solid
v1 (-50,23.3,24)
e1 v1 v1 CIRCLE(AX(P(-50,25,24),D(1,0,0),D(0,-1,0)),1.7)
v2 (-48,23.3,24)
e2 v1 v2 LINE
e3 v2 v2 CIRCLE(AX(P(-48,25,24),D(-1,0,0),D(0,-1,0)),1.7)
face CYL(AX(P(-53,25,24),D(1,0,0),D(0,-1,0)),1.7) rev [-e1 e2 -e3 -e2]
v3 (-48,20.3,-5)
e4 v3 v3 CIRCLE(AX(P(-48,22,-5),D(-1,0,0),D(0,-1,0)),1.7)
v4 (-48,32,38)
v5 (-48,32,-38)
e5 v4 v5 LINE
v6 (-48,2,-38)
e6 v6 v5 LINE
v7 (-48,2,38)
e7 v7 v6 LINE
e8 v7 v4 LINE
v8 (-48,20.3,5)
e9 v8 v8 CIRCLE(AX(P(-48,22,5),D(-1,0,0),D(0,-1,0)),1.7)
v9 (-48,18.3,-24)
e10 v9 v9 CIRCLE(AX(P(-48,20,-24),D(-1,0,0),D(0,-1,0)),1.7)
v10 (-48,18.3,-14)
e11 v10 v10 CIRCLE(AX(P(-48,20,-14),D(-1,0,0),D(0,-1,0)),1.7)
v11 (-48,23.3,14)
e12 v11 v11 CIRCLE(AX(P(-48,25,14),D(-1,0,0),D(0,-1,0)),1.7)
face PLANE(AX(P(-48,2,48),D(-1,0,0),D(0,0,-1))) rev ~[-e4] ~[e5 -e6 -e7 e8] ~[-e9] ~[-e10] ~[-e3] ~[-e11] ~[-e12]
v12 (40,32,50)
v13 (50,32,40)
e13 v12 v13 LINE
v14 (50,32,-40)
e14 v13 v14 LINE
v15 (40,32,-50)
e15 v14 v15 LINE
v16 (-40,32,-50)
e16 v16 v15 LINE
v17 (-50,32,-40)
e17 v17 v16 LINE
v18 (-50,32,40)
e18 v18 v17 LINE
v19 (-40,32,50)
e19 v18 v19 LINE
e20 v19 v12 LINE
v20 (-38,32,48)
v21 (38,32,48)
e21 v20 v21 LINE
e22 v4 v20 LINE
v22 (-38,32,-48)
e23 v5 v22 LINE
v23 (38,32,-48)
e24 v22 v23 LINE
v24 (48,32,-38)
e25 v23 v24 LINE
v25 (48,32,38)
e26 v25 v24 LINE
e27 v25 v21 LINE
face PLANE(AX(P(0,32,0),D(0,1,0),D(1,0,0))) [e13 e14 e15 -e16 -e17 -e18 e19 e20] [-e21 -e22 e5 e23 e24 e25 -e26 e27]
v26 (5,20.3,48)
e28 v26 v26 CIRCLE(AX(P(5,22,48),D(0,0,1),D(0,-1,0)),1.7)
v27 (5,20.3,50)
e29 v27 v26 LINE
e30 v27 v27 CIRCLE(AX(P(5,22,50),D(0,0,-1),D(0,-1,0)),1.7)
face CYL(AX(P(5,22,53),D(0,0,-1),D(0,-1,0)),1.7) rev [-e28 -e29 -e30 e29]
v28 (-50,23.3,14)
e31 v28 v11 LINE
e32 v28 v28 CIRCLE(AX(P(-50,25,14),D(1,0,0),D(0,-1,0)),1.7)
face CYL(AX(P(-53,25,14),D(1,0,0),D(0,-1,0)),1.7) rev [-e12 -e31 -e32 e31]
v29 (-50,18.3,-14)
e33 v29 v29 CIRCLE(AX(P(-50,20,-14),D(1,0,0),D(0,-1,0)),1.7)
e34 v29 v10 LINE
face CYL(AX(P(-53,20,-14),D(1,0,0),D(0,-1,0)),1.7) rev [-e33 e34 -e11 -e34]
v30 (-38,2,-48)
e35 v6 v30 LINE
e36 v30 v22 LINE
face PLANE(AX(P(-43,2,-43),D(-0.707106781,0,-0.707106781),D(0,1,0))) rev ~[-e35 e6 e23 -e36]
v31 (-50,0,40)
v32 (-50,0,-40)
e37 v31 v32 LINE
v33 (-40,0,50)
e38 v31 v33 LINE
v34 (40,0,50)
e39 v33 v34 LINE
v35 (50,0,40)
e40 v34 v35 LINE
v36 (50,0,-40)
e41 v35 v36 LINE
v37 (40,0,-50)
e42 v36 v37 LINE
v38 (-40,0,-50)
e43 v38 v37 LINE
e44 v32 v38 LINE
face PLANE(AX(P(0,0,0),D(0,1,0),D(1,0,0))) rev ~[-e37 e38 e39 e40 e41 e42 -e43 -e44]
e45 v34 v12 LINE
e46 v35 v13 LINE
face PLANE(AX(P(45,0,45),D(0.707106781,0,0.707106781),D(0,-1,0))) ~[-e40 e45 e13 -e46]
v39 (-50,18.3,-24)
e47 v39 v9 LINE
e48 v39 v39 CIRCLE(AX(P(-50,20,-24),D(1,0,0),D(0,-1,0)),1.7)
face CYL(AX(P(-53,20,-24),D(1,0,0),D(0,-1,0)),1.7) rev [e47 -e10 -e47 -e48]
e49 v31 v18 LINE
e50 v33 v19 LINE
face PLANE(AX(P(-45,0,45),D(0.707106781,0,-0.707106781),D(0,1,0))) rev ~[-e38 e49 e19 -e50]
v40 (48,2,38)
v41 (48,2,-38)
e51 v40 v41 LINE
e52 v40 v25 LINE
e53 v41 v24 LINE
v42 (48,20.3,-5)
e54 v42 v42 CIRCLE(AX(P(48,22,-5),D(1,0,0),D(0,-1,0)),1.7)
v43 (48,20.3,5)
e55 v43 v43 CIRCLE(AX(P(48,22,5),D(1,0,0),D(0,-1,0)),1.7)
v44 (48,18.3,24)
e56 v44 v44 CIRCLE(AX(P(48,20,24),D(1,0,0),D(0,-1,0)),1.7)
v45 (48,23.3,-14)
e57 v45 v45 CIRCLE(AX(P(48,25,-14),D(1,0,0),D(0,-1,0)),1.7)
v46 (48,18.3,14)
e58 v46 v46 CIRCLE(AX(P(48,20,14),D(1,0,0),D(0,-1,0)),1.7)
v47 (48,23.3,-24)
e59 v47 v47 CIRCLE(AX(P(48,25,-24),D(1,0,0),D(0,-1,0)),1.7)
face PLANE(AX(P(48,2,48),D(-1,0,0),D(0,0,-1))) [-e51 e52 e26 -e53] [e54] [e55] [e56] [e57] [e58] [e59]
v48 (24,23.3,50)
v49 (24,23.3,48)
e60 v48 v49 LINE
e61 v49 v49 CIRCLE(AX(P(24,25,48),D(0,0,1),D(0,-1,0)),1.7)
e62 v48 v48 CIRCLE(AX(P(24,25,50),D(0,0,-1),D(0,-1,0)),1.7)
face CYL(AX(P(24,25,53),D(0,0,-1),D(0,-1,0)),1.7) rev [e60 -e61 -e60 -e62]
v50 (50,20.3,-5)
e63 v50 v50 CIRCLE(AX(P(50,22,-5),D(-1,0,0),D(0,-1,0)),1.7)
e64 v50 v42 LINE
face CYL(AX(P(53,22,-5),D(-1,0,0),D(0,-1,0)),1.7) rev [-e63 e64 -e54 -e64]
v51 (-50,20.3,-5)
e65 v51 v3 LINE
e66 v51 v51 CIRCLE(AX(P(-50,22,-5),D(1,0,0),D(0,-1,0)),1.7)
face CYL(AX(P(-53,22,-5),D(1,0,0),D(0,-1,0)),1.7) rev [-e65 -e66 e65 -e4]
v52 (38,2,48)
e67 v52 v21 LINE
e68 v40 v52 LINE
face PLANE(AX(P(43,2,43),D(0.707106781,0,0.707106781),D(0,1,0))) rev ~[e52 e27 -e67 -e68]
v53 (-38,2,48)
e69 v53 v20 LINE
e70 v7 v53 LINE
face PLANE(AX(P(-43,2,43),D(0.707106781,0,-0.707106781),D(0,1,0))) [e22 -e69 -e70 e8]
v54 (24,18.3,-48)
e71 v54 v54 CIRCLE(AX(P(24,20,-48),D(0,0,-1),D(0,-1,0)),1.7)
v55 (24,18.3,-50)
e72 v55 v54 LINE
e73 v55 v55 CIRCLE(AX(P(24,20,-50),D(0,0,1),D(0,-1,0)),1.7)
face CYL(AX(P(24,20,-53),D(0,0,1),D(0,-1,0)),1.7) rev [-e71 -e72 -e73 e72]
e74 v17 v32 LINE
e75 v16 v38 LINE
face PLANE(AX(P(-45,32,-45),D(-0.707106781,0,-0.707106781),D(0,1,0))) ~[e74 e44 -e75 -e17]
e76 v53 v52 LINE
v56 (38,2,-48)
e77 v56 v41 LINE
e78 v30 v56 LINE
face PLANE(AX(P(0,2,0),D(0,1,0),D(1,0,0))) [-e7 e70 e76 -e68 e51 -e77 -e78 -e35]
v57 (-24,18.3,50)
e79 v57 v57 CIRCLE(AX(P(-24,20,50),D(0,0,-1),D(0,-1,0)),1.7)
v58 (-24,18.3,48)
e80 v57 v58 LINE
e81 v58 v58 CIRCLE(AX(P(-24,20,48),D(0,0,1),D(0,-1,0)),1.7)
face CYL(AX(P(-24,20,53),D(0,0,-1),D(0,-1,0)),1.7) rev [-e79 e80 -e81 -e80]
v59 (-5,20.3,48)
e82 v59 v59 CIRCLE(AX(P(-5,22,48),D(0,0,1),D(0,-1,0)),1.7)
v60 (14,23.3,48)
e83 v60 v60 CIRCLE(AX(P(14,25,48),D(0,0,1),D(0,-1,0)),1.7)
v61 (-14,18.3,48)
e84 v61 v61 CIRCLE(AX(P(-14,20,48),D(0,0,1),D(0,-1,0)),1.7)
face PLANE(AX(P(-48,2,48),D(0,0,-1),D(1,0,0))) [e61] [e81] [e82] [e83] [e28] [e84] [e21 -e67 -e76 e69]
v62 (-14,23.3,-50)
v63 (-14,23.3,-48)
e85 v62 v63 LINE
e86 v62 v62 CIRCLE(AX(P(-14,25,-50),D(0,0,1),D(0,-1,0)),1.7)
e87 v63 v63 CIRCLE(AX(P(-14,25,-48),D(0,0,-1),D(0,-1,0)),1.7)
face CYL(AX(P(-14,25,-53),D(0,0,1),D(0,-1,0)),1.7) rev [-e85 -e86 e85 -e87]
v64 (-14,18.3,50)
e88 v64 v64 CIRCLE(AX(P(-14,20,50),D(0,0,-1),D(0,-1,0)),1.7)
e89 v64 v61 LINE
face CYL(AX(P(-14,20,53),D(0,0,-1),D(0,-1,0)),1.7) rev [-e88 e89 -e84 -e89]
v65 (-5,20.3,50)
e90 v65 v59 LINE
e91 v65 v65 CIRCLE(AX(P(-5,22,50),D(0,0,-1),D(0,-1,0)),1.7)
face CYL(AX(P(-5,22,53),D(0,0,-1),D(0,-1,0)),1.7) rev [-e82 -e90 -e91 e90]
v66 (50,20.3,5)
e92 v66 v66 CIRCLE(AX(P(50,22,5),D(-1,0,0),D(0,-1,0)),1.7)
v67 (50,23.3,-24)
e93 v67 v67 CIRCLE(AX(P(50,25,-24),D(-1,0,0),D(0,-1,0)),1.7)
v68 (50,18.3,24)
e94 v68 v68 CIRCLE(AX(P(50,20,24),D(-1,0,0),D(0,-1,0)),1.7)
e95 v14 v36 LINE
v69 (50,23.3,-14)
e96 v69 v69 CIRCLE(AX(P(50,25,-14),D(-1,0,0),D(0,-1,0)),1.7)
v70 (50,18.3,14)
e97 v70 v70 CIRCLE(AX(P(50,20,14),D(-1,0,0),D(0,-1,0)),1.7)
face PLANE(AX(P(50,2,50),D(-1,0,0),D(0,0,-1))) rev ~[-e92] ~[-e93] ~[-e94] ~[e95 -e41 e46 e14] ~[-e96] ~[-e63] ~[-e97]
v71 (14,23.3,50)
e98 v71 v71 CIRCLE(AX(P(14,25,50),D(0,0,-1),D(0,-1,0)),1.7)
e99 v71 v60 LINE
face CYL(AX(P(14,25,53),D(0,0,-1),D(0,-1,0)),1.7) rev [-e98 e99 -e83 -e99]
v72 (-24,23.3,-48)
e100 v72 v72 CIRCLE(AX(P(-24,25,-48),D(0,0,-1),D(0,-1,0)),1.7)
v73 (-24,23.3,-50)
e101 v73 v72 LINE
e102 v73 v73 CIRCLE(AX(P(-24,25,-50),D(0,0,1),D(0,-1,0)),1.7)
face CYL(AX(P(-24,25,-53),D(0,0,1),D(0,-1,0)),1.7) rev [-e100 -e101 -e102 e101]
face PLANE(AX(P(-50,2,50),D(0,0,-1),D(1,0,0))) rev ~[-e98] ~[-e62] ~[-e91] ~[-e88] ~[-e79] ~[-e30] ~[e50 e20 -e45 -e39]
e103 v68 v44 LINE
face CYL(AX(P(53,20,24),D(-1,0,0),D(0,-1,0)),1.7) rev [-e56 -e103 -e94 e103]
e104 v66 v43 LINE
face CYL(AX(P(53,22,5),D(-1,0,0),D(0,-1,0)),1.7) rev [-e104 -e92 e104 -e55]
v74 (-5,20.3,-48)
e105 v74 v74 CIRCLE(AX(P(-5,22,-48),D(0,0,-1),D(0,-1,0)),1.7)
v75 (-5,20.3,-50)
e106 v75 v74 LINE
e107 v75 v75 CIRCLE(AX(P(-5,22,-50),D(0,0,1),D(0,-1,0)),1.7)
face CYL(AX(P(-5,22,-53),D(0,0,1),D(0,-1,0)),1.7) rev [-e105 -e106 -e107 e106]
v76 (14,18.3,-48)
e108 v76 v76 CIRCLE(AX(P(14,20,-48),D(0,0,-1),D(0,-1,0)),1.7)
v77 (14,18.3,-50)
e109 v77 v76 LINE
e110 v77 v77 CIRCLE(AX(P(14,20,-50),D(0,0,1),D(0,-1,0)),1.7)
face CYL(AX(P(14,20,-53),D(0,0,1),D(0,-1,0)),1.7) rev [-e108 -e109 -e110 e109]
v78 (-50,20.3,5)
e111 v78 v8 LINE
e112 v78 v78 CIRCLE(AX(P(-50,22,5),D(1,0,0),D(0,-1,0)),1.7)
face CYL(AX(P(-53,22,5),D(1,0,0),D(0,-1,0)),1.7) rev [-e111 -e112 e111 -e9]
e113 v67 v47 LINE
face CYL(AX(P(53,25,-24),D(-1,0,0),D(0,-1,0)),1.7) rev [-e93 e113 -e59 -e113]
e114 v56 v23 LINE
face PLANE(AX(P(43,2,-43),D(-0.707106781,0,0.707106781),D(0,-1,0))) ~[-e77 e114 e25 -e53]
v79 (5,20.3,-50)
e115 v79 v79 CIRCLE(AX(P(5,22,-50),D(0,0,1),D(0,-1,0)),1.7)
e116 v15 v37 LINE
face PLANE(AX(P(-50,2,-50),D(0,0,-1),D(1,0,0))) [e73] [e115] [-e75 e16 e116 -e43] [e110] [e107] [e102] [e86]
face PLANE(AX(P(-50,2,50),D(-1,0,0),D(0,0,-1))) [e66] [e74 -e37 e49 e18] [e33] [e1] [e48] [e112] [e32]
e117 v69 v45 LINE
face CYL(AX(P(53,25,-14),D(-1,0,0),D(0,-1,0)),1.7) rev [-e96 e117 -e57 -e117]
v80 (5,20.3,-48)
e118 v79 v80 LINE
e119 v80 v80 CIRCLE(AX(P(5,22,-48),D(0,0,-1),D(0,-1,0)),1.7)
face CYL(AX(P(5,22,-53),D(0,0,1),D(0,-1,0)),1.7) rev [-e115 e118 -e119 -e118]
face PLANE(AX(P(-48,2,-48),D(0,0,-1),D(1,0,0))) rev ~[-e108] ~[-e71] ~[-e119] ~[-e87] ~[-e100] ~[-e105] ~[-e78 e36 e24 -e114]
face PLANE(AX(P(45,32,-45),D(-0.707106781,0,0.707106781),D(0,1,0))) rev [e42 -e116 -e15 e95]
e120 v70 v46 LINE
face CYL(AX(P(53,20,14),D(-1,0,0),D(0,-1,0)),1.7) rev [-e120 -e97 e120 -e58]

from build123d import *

# Parameters (mm, degrees)
SKETCH1_W                     = 100
SKETCH1_H                     = 100
BOSS_EXTRUDE1_DEPTH           = 2
SKETCH2_W                     = 100
SKETCH2_H                     = 100
SKETCH2_W_2                   = 96
SKETCH2_H_2                   = 96
BOSS_EXTRUDE2_DEPTH           = 30
CHAMFER1_SIZE                 = 10
M3_CLEARANCE_HOLE1_AT_2_COUNT = 2
M3_CLEARANCE_HOLE1_AT_2_PITCH = 10
M3_CLEARANCE_HOLE1_AT_3_COUNT = 2
M3_CLEARANCE_HOLE1_AT_3_PITCH = 19.235384062
M3_CLEARANCE_HOLE1_AT_4_COUNT = 2
M3_CLEARANCE_HOLE1_AT_4_PITCH = 29.154759474
M3_CLEARANCE_HOLE1_AT_5_COUNT = 2
M3_CLEARANCE_HOLE1_AT_5_PITCH = 38.327535793
M3_CLEARANCE_HOLE1_AT_6_COUNT = 2
M3_CLEARANCE_HOLE1_AT_6_PITCH = 48.259714048
CIRPATTERN1_COUNT             = 4


with BuildPart() as part:
    # Sketch1 → Boss-Extrude1 (new body)
    with BuildSketch(Plane(origin=(0, 0, 0), x_dir=(1, 0, 0), z_dir=(0, 1, 0))):
        Rectangle(SKETCH1_W, SKETCH1_H)
    extrude(amount=BOSS_EXTRUDE1_DEPTH)

    # Sketch2 → Boss-Extrude2 (add)
    with BuildSketch(Plane(origin=(0, 2, 0), x_dir=(1, 0, 0), z_dir=(0, 1, 0))):
        Rectangle(SKETCH2_W, SKETCH2_H)
        Rectangle(SKETCH2_W_2, SKETCH2_H_2, mode=Mode.SUBTRACT)
    extrude(amount=BOSS_EXTRUDE2_DEPTH)

    # Chamfer1
    chamfer1_edges = [part.edges().sort_by_distance(p)[0] for p in [
        (-48, 17, -48),
        (-48, 17, 48),
        (48, 17, 48),
        (48, 17, -48),
        (-50, 16, -50),
        (50, 16, -50),
        (50, 16, 50),
        (-50, 16, 50),
    ]]
    chamfer(chamfer1_edges, length=CHAMFER1_SIZE)

    # Sketch3 → M3 Clearance Hole1 (revolve, cut)
    with BuildSketch(Plane(origin=(-24, 25, -48), x_dir=(0, -1, 0), z_dir=(1, 0, 0))):
        Polygon((0, 0), (0, 6.021463052), (1.7, 5), (1.7, 0), align=None)
    m3_clearance_hole1 = revolve(axis=Axis((-24, 25, -41.65), (0, 0, -1)), mode=Mode.SUBTRACT)

    # M3 Clearance Hole1 at 2: M3 Clearance Hole1 ×2
    with Locations(*[(i * M3_CLEARANCE_HOLE1_AT_2_PITCH, 0, 0) for i in range(1, M3_CLEARANCE_HOLE1_AT_2_COUNT)]):
        add(m3_clearance_hole1, mode=Mode.SUBTRACT)

    # M3 Clearance Hole1 at 3: M3 Clearance Hole1 ×2
    with Locations(*[Vector(0.987762965, -0.155962573, 0) * (i * M3_CLEARANCE_HOLE1_AT_3_PITCH) for i in range(1, M3_CLEARANCE_HOLE1_AT_3_COUNT)]):
        add(m3_clearance_hole1, mode=Mode.SUBTRACT)

    # M3 Clearance Hole1 at 4: M3 Clearance Hole1 ×2
    with Locations(*[Vector(0.994691794, -0.102899151, 0) * (i * M3_CLEARANCE_HOLE1_AT_4_PITCH) for i in range(1, M3_CLEARANCE_HOLE1_AT_4_COUNT)]):
        add(m3_clearance_hole1, mode=Mode.SUBTRACT)

    # M3 Clearance Hole1 at 5: M3 Clearance Hole1 ×2
    with Locations(*[Vector(0.991454296, -0.130454513, 0) * (i * M3_CLEARANCE_HOLE1_AT_5_PITCH) for i in range(1, M3_CLEARANCE_HOLE1_AT_5_COUNT)]):
        add(m3_clearance_hole1, mode=Mode.SUBTRACT)

    # M3 Clearance Hole1 at 6: M3 Clearance Hole1 ×2
    with Locations(*[Vector(0.994618409, -0.103606084, 0) * (i * M3_CLEARANCE_HOLE1_AT_6_PITCH) for i in range(1, M3_CLEARANCE_HOLE1_AT_6_COUNT)]):
        add(m3_clearance_hole1, mode=Mode.SUBTRACT)

    # CirPattern1: M3 Clearance Hole1 ×4 about axis
    cirpattern1_axis = Axis((0, 50, 0), (0, -1, 0))
    for i in range(1, CIRPATTERN1_COUNT):
        add(m3_clearance_hole1.rotate(cirpattern1_axis, i * 360 / CIRPATTERN1_COUNT), mode=Mode.SUBTRACT)

    # CirPattern1 copy 1 sketch → CirPattern1 copy 1 (revolve, cut)
    with BuildSketch(Plane(origin=(48, 25, -14), x_dir=(0, -1, 0), z_dir=(0, 0, 1))):
        Polygon((0, 0), (0, 6.021463052), (1.7, 5), (1.7, 0), align=None)
    revolve(axis=Axis((41.65, 25, -14), (1, 0, 0)), mode=Mode.SUBTRACT)

    # CirPattern1 copy 2 sketch → CirPattern1 copy 2 (revolve, cut)
    with BuildSketch(Plane(origin=(14, 25, 48), x_dir=(0, -1, 0), z_dir=(-1, 0, 0))):
        Polygon((0, 0), (0, 6.021463052), (1.7, 5), (1.7, 0), align=None)
    revolve(axis=Axis((14, 25, 41.65), (0, 0, 1)), mode=Mode.SUBTRACT)

    # CirPattern1 copy 3 sketch → CirPattern1 copy 3 (revolve, cut)
    with BuildSketch(Plane(origin=(-48, 25, 14), x_dir=(0, -1, 0), z_dir=(0, 0, -1))):
        Polygon((0, 0), (0, 6.021463052), (1.7, 5), (1.7, 0), align=None)
    revolve(axis=Axis((-41.65, 25, 14), (-1, 0, 0)), mode=Mode.SUBTRACT)

    # CirPattern1 copy 4 sketch → CirPattern1 copy 4 (revolve, cut)
    with BuildSketch(Plane(origin=(48, 22, -5), x_dir=(0, -1, 0), z_dir=(0, 0, 1))):
        Polygon((0, 0), (0, 6.021463052), (1.7, 5), (1.7, 0), align=None)
    revolve(axis=Axis((41.65, 22, -5), (1, 0, 0)), mode=Mode.SUBTRACT)

    # CirPattern1 copy 5 sketch → CirPattern1 copy 5 (revolve, cut)
    with BuildSketch(Plane(origin=(5, 22, 48), x_dir=(0, -1, 0), z_dir=(-1, 0, 0))):
        Polygon((0, 0), (0, 6.021463052), (1.7, 5), (1.7, 0), align=None)
    revolve(axis=Axis((5, 22, 41.65), (0, 0, 1)), mode=Mode.SUBTRACT)

    # CirPattern1 copy 6 sketch → CirPattern1 copy 6 (revolve, cut)
    with BuildSketch(Plane(origin=(-48, 22, 5), x_dir=(0, -1, 0), z_dir=(0, 0, -1))):
        Polygon((0, 0), (0, 6.021463052), (1.7, 5), (1.7, 0), align=None)
    revolve(axis=Axis((-41.65, 22, 5), (-1, 0, 0)), mode=Mode.SUBTRACT)

    # CirPattern1 copy 7 sketch → CirPattern1 copy 7 (revolve, cut)
    with BuildSketch(Plane(origin=(48, 22, 5), x_dir=(0, -1, 0), z_dir=(0, 0, 1))):
        Polygon((0, 0), (0, 6.021463052), (1.7, 5), (1.7, 0), align=None)
    revolve(axis=Axis((41.65, 22, 5), (1, 0, 0)), mode=Mode.SUBTRACT)

    # CirPattern1 copy 8 sketch → CirPattern1 copy 8 (revolve, cut)
    with BuildSketch(Plane(origin=(-5, 22, 48), x_dir=(0, -1, 0), z_dir=(-1, 0, 0))):
        Polygon((0, 0), (0, 6.021463052), (1.7, 5), (1.7, 0), align=None)
    revolve(axis=Axis((-5, 22, 41.65), (0, 0, 1)), mode=Mode.SUBTRACT)

    # CirPattern1 copy 9 sketch → CirPattern1 copy 9 (revolve, cut)
    with BuildSketch(Plane(origin=(-48, 22, -5), x_dir=(0, -1, 0), z_dir=(0, 0, -1))):
        Polygon((0, 0), (0, 6.021463052), (1.7, 5), (1.7, 0), align=None)
    revolve(axis=Axis((-41.65, 22, -5), (-1, 0, 0)), mode=Mode.SUBTRACT)

    # CirPattern1 copy 10 sketch → CirPattern1 copy 10 (revolve, cut)
    with BuildSketch(Plane(origin=(48, 20, 14), x_dir=(0, -1, 0), z_dir=(0, 0, 1))):
        Polygon((0, 0), (0, 6.021463052), (1.7, 5), (1.7, 0), align=None)
    revolve(axis=Axis((41.65, 20, 14), (1, 0, 0)), mode=Mode.SUBTRACT)

    # CirPattern1 copy 11 sketch → CirPattern1 copy 11 (revolve, cut)
    with BuildSketch(Plane(origin=(-14, 20, 48), x_dir=(0, -1, 0), z_dir=(-1, 0, 0))):
        Polygon((0, 0), (0, 6.021463052), (1.7, 5), (1.7, 0), align=None)
    revolve(axis=Axis((-14, 20, 41.65), (0, 0, 1)), mode=Mode.SUBTRACT)

    # CirPattern1 copy 12 sketch → CirPattern1 copy 12 (revolve, cut)
    with BuildSketch(Plane(origin=(-48, 20, -14), x_dir=(0, -1, 0), z_dir=(0, 0, -1))):
        Polygon((0, 0), (0, 6.021463052), (1.7, 5), (1.7, 0), align=None)
    revolve(axis=Axis((-41.65, 20, -14), (-1, 0, 0)), mode=Mode.SUBTRACT)

    # CirPattern1 copy 13 sketch → CirPattern1 copy 13 (revolve, cut)
    with BuildSketch(Plane(origin=(48, 20, 24), x_dir=(0, -1, 0), z_dir=(0, 0, 1))):
        Polygon((0, 0), (0, 6.021463052), (1.7, 5), (1.7, 0), align=None)
    revolve(axis=Axis((41.65, 20, 24), (1, 0, 0)), mode=Mode.SUBTRACT)

    # CirPattern1 copy 14 sketch → CirPattern1 copy 14 (revolve, cut)
    with BuildSketch(Plane(origin=(-24, 20, 48), x_dir=(0, -1, 0), z_dir=(-1, 0, 0))):
        Polygon((0, 0), (0, 6.021463052), (1.7, 5), (1.7, 0), align=None)
    revolve(axis=Axis((-24, 20, 41.65), (0, 0, 1)), mode=Mode.SUBTRACT)

    # CirPattern1 copy 15 sketch → CirPattern1 copy 15 (revolve, cut)
    with BuildSketch(Plane(origin=(-48, 20, -24), x_dir=(0, -1, 0), z_dir=(0, 0, -1))):
        Polygon((0, 0), (0, 6.021463052), (1.7, 5), (1.7, 0), align=None)
    revolve(axis=Axis((-41.65, 20, -24), (-1, 0, 0)), mode=Mode.SUBTRACT)


solid = part.part
